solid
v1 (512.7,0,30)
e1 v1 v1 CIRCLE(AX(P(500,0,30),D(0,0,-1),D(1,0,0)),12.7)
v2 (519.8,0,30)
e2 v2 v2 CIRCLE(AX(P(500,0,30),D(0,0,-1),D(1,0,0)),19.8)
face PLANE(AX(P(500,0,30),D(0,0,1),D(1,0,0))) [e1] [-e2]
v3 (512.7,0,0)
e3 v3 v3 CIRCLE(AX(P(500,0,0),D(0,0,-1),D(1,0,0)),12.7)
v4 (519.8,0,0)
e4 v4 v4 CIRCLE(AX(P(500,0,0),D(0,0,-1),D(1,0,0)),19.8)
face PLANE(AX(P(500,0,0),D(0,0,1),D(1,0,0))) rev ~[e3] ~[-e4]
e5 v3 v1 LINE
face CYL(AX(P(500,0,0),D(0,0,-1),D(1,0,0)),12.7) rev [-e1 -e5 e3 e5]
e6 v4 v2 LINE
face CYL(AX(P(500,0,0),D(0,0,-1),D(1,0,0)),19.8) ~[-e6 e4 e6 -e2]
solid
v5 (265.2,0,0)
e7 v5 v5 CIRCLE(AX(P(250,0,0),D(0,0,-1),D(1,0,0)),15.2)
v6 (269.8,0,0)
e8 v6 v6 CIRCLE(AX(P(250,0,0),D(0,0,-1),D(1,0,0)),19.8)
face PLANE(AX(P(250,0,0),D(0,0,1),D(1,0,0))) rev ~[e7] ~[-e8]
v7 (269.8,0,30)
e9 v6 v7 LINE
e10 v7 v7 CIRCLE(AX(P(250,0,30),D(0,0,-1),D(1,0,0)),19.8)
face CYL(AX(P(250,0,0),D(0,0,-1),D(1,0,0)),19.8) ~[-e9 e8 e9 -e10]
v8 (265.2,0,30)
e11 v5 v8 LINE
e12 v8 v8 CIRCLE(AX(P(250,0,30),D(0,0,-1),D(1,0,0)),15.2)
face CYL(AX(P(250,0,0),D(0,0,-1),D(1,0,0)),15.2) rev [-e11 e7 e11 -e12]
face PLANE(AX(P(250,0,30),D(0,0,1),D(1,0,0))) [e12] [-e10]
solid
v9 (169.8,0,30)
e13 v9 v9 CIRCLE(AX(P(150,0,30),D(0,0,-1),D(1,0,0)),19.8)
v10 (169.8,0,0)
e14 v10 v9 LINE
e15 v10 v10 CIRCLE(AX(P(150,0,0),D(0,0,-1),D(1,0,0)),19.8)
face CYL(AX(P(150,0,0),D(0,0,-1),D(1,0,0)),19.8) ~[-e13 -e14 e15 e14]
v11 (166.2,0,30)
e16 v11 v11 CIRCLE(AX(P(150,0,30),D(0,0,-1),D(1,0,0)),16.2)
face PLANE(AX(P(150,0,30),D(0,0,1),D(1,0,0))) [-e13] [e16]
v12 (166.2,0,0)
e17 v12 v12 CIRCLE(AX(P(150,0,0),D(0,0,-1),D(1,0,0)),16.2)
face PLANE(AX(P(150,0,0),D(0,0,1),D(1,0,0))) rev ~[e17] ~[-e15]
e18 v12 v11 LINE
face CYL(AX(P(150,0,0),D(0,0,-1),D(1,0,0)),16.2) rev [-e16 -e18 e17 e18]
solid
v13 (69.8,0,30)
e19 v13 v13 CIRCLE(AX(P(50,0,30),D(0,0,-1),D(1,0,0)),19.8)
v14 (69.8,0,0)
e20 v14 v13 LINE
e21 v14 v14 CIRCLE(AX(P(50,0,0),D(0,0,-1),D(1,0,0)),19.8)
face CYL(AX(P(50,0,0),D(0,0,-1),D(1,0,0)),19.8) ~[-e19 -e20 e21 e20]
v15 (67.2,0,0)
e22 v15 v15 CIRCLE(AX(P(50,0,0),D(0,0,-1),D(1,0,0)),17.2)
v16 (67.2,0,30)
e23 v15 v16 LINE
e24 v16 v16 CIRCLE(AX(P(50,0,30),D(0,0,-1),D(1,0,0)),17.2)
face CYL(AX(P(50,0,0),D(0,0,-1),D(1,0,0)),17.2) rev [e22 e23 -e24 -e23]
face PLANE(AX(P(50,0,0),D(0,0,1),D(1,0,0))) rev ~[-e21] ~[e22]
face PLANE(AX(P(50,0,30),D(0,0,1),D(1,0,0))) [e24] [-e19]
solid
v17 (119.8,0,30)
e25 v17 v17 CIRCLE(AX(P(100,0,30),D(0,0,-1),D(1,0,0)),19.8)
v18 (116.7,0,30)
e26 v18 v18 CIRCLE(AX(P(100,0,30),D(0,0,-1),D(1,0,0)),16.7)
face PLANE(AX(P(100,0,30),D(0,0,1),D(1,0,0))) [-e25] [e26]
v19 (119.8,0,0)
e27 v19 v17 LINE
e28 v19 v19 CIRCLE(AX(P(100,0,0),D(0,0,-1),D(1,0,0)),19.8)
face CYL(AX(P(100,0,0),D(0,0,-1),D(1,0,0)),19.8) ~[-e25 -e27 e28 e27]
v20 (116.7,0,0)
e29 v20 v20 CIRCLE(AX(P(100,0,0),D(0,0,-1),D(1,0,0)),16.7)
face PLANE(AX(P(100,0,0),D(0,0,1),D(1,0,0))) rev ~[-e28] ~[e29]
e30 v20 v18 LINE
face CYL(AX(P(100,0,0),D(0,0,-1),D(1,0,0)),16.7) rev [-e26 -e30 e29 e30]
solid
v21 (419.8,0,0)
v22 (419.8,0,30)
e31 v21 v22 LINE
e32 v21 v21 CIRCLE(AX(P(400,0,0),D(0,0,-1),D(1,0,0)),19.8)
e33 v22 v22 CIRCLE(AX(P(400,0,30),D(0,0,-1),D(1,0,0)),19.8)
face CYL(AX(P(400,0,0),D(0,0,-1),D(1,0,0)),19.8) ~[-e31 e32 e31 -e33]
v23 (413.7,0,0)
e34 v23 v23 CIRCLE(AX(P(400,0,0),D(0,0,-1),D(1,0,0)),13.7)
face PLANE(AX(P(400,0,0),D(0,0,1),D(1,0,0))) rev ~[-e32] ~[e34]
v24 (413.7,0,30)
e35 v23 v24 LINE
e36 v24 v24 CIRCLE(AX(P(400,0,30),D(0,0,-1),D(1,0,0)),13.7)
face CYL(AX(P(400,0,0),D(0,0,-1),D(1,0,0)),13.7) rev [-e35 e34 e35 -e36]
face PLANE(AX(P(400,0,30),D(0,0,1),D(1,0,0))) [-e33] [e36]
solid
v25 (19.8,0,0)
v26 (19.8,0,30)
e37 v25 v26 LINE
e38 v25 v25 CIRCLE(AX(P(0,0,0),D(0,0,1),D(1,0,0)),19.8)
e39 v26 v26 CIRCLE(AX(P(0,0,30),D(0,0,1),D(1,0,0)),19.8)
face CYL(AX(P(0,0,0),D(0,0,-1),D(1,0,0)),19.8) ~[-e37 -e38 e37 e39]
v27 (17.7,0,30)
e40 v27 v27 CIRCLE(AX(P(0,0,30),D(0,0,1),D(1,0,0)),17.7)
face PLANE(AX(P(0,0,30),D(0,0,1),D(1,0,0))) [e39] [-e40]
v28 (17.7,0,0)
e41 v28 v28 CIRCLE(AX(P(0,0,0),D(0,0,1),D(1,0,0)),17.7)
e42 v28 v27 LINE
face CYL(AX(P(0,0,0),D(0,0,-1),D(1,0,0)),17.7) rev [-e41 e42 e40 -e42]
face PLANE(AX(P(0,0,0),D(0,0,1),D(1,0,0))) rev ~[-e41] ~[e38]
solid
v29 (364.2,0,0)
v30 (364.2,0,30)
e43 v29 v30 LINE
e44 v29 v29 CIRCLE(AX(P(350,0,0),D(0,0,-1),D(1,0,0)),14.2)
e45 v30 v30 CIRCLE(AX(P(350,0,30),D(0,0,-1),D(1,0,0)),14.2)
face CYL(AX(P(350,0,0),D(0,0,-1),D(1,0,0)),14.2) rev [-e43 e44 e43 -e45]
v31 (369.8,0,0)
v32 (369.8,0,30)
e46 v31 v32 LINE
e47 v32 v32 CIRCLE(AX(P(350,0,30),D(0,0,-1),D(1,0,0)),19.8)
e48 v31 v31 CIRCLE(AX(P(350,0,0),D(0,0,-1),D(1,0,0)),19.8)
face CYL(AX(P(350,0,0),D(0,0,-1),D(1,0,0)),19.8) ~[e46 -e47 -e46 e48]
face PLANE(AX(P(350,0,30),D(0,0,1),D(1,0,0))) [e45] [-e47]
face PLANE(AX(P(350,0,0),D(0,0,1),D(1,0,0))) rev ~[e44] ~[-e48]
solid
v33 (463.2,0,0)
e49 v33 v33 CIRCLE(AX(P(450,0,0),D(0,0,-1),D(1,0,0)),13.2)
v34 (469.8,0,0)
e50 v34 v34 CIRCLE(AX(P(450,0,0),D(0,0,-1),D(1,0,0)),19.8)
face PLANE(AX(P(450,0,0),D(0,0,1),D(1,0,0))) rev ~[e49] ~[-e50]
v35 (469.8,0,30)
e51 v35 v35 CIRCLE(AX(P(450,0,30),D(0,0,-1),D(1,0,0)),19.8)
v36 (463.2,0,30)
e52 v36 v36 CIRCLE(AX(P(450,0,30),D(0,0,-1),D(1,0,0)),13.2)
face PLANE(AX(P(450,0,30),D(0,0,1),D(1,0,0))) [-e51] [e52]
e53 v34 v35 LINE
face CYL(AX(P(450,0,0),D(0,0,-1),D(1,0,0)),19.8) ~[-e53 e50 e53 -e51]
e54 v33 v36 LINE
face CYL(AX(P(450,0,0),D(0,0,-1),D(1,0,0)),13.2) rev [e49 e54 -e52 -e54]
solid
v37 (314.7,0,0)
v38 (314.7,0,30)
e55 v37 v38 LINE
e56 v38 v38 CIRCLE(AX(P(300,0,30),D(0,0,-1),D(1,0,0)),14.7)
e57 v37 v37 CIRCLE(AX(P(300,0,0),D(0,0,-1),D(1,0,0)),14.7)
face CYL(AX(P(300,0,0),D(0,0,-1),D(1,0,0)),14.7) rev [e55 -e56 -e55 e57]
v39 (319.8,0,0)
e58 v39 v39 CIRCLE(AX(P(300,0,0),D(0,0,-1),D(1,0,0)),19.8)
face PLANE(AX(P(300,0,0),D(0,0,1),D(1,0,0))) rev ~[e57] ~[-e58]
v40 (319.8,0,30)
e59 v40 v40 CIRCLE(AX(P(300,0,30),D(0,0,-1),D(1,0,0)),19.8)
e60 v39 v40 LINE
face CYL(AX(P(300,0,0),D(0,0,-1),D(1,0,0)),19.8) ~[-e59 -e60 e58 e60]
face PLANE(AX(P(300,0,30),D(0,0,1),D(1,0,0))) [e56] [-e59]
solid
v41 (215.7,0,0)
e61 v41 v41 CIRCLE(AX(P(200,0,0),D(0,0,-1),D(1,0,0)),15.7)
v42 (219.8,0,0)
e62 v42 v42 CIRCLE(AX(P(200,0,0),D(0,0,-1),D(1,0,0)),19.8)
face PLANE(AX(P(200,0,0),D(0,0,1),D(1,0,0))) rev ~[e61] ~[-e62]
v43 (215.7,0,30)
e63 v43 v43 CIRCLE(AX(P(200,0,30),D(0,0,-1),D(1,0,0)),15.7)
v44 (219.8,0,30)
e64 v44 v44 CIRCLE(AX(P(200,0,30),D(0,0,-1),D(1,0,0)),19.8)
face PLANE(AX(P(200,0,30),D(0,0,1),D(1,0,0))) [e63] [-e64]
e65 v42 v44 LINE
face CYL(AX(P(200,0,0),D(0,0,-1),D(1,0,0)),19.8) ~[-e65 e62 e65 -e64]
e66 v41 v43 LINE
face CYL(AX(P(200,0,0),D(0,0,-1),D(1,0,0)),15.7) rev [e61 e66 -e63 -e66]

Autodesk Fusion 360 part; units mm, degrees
sketch "Schizzo1" plane through (0, 0, 0) normal (0, 0, 1) x (1, 0, 0)
  circle A0 centre (0, 0) radius 17.7
  circle A1 centre (0, 0) radius 19.8
  dimension "d2" = 39.6
  dimension "d23" = 35.4
extrude "Estrusione1" add sketch "Schizzo1" along normal blind 30 makes body 1
pattern_linear "Serie R1" count 11 spacing 50 along (1, 0, 0) of bodies 1 makes body 2 at (69.7016, -1.9714, 20) makes body 3 at (119.7016, -1.9714, 20) makes body 4 at (169.7016, -1.9714, 20) makes body 5 at (219.7016, -1.9714, 20) makes body 6 at (269.7016, -1.9714, 20) makes body 7 at (319.7016, -1.9714, 20) makes body 8 at (369.7016, -1.9714, 20) makes body 9 at (419.7016, -1.9714, 20) makes body 10 at (469.7016, -1.9714, 20) makes body 11 at (510.7424, 16.6325, 20)
move_face "FacceDiOffset2" offset 0.5 1 faces at (67.612, -1.7624, 20) on bodies 2
move_face "FacceDiOffset3" offset 1 1 faces at (117.612, -1.7624, 20) on bodies 3
move_face "FacceDiOffset4" offset 1.5 1 faces at (167.612, -1.7624, 20) on bodies 4
move_face "FacceDiOffset5" offset 2 1 faces at (217.612, -1.7624, 20) on bodies 5
move_face "FacceDiOffset6" offset 2.5 1 faces at (267.612, -1.7624, 20) on bodies 6
move_face "FacceDiOffset7" offset 3 1 faces at (317.612, -1.7624, 20) on bodies 7
move_face "FacceDiOffset8" offset 3.5 1 faces at (367.612, -1.7624, 20) on bodies 8
move_face "FacceDiOffset9" offset 4 1 faces at (417.612, -1.7624, 20) on bodies 9
move_face "FacceDiOffset10" offset 4.5 1 faces at (467.612, -1.7624, 20) on bodies 10
move_face "FacceDiOffset11" offset 5 1 faces at (517.612, -1.7624, 20) on bodies 11
equation "Step = 1 mm"
equation "d13 = Step / 2 * 1"
equation "d14 = Step / 2 * 2"
equation "d15 = Step / 2 * 3"
equation "d16 = Step / 2 * 4"
equation "d17 = Step / 2 * 5"
equation "d18 = Step / 2 * 6"
equation "d19 = Step / 2 * 7"
equation "d20 = Step / 2 * 8"
equation "d21 = Step / 2 * 9"
equation "d22 = Step / 2 * 10"
equation "Start = 35.40 mm"
